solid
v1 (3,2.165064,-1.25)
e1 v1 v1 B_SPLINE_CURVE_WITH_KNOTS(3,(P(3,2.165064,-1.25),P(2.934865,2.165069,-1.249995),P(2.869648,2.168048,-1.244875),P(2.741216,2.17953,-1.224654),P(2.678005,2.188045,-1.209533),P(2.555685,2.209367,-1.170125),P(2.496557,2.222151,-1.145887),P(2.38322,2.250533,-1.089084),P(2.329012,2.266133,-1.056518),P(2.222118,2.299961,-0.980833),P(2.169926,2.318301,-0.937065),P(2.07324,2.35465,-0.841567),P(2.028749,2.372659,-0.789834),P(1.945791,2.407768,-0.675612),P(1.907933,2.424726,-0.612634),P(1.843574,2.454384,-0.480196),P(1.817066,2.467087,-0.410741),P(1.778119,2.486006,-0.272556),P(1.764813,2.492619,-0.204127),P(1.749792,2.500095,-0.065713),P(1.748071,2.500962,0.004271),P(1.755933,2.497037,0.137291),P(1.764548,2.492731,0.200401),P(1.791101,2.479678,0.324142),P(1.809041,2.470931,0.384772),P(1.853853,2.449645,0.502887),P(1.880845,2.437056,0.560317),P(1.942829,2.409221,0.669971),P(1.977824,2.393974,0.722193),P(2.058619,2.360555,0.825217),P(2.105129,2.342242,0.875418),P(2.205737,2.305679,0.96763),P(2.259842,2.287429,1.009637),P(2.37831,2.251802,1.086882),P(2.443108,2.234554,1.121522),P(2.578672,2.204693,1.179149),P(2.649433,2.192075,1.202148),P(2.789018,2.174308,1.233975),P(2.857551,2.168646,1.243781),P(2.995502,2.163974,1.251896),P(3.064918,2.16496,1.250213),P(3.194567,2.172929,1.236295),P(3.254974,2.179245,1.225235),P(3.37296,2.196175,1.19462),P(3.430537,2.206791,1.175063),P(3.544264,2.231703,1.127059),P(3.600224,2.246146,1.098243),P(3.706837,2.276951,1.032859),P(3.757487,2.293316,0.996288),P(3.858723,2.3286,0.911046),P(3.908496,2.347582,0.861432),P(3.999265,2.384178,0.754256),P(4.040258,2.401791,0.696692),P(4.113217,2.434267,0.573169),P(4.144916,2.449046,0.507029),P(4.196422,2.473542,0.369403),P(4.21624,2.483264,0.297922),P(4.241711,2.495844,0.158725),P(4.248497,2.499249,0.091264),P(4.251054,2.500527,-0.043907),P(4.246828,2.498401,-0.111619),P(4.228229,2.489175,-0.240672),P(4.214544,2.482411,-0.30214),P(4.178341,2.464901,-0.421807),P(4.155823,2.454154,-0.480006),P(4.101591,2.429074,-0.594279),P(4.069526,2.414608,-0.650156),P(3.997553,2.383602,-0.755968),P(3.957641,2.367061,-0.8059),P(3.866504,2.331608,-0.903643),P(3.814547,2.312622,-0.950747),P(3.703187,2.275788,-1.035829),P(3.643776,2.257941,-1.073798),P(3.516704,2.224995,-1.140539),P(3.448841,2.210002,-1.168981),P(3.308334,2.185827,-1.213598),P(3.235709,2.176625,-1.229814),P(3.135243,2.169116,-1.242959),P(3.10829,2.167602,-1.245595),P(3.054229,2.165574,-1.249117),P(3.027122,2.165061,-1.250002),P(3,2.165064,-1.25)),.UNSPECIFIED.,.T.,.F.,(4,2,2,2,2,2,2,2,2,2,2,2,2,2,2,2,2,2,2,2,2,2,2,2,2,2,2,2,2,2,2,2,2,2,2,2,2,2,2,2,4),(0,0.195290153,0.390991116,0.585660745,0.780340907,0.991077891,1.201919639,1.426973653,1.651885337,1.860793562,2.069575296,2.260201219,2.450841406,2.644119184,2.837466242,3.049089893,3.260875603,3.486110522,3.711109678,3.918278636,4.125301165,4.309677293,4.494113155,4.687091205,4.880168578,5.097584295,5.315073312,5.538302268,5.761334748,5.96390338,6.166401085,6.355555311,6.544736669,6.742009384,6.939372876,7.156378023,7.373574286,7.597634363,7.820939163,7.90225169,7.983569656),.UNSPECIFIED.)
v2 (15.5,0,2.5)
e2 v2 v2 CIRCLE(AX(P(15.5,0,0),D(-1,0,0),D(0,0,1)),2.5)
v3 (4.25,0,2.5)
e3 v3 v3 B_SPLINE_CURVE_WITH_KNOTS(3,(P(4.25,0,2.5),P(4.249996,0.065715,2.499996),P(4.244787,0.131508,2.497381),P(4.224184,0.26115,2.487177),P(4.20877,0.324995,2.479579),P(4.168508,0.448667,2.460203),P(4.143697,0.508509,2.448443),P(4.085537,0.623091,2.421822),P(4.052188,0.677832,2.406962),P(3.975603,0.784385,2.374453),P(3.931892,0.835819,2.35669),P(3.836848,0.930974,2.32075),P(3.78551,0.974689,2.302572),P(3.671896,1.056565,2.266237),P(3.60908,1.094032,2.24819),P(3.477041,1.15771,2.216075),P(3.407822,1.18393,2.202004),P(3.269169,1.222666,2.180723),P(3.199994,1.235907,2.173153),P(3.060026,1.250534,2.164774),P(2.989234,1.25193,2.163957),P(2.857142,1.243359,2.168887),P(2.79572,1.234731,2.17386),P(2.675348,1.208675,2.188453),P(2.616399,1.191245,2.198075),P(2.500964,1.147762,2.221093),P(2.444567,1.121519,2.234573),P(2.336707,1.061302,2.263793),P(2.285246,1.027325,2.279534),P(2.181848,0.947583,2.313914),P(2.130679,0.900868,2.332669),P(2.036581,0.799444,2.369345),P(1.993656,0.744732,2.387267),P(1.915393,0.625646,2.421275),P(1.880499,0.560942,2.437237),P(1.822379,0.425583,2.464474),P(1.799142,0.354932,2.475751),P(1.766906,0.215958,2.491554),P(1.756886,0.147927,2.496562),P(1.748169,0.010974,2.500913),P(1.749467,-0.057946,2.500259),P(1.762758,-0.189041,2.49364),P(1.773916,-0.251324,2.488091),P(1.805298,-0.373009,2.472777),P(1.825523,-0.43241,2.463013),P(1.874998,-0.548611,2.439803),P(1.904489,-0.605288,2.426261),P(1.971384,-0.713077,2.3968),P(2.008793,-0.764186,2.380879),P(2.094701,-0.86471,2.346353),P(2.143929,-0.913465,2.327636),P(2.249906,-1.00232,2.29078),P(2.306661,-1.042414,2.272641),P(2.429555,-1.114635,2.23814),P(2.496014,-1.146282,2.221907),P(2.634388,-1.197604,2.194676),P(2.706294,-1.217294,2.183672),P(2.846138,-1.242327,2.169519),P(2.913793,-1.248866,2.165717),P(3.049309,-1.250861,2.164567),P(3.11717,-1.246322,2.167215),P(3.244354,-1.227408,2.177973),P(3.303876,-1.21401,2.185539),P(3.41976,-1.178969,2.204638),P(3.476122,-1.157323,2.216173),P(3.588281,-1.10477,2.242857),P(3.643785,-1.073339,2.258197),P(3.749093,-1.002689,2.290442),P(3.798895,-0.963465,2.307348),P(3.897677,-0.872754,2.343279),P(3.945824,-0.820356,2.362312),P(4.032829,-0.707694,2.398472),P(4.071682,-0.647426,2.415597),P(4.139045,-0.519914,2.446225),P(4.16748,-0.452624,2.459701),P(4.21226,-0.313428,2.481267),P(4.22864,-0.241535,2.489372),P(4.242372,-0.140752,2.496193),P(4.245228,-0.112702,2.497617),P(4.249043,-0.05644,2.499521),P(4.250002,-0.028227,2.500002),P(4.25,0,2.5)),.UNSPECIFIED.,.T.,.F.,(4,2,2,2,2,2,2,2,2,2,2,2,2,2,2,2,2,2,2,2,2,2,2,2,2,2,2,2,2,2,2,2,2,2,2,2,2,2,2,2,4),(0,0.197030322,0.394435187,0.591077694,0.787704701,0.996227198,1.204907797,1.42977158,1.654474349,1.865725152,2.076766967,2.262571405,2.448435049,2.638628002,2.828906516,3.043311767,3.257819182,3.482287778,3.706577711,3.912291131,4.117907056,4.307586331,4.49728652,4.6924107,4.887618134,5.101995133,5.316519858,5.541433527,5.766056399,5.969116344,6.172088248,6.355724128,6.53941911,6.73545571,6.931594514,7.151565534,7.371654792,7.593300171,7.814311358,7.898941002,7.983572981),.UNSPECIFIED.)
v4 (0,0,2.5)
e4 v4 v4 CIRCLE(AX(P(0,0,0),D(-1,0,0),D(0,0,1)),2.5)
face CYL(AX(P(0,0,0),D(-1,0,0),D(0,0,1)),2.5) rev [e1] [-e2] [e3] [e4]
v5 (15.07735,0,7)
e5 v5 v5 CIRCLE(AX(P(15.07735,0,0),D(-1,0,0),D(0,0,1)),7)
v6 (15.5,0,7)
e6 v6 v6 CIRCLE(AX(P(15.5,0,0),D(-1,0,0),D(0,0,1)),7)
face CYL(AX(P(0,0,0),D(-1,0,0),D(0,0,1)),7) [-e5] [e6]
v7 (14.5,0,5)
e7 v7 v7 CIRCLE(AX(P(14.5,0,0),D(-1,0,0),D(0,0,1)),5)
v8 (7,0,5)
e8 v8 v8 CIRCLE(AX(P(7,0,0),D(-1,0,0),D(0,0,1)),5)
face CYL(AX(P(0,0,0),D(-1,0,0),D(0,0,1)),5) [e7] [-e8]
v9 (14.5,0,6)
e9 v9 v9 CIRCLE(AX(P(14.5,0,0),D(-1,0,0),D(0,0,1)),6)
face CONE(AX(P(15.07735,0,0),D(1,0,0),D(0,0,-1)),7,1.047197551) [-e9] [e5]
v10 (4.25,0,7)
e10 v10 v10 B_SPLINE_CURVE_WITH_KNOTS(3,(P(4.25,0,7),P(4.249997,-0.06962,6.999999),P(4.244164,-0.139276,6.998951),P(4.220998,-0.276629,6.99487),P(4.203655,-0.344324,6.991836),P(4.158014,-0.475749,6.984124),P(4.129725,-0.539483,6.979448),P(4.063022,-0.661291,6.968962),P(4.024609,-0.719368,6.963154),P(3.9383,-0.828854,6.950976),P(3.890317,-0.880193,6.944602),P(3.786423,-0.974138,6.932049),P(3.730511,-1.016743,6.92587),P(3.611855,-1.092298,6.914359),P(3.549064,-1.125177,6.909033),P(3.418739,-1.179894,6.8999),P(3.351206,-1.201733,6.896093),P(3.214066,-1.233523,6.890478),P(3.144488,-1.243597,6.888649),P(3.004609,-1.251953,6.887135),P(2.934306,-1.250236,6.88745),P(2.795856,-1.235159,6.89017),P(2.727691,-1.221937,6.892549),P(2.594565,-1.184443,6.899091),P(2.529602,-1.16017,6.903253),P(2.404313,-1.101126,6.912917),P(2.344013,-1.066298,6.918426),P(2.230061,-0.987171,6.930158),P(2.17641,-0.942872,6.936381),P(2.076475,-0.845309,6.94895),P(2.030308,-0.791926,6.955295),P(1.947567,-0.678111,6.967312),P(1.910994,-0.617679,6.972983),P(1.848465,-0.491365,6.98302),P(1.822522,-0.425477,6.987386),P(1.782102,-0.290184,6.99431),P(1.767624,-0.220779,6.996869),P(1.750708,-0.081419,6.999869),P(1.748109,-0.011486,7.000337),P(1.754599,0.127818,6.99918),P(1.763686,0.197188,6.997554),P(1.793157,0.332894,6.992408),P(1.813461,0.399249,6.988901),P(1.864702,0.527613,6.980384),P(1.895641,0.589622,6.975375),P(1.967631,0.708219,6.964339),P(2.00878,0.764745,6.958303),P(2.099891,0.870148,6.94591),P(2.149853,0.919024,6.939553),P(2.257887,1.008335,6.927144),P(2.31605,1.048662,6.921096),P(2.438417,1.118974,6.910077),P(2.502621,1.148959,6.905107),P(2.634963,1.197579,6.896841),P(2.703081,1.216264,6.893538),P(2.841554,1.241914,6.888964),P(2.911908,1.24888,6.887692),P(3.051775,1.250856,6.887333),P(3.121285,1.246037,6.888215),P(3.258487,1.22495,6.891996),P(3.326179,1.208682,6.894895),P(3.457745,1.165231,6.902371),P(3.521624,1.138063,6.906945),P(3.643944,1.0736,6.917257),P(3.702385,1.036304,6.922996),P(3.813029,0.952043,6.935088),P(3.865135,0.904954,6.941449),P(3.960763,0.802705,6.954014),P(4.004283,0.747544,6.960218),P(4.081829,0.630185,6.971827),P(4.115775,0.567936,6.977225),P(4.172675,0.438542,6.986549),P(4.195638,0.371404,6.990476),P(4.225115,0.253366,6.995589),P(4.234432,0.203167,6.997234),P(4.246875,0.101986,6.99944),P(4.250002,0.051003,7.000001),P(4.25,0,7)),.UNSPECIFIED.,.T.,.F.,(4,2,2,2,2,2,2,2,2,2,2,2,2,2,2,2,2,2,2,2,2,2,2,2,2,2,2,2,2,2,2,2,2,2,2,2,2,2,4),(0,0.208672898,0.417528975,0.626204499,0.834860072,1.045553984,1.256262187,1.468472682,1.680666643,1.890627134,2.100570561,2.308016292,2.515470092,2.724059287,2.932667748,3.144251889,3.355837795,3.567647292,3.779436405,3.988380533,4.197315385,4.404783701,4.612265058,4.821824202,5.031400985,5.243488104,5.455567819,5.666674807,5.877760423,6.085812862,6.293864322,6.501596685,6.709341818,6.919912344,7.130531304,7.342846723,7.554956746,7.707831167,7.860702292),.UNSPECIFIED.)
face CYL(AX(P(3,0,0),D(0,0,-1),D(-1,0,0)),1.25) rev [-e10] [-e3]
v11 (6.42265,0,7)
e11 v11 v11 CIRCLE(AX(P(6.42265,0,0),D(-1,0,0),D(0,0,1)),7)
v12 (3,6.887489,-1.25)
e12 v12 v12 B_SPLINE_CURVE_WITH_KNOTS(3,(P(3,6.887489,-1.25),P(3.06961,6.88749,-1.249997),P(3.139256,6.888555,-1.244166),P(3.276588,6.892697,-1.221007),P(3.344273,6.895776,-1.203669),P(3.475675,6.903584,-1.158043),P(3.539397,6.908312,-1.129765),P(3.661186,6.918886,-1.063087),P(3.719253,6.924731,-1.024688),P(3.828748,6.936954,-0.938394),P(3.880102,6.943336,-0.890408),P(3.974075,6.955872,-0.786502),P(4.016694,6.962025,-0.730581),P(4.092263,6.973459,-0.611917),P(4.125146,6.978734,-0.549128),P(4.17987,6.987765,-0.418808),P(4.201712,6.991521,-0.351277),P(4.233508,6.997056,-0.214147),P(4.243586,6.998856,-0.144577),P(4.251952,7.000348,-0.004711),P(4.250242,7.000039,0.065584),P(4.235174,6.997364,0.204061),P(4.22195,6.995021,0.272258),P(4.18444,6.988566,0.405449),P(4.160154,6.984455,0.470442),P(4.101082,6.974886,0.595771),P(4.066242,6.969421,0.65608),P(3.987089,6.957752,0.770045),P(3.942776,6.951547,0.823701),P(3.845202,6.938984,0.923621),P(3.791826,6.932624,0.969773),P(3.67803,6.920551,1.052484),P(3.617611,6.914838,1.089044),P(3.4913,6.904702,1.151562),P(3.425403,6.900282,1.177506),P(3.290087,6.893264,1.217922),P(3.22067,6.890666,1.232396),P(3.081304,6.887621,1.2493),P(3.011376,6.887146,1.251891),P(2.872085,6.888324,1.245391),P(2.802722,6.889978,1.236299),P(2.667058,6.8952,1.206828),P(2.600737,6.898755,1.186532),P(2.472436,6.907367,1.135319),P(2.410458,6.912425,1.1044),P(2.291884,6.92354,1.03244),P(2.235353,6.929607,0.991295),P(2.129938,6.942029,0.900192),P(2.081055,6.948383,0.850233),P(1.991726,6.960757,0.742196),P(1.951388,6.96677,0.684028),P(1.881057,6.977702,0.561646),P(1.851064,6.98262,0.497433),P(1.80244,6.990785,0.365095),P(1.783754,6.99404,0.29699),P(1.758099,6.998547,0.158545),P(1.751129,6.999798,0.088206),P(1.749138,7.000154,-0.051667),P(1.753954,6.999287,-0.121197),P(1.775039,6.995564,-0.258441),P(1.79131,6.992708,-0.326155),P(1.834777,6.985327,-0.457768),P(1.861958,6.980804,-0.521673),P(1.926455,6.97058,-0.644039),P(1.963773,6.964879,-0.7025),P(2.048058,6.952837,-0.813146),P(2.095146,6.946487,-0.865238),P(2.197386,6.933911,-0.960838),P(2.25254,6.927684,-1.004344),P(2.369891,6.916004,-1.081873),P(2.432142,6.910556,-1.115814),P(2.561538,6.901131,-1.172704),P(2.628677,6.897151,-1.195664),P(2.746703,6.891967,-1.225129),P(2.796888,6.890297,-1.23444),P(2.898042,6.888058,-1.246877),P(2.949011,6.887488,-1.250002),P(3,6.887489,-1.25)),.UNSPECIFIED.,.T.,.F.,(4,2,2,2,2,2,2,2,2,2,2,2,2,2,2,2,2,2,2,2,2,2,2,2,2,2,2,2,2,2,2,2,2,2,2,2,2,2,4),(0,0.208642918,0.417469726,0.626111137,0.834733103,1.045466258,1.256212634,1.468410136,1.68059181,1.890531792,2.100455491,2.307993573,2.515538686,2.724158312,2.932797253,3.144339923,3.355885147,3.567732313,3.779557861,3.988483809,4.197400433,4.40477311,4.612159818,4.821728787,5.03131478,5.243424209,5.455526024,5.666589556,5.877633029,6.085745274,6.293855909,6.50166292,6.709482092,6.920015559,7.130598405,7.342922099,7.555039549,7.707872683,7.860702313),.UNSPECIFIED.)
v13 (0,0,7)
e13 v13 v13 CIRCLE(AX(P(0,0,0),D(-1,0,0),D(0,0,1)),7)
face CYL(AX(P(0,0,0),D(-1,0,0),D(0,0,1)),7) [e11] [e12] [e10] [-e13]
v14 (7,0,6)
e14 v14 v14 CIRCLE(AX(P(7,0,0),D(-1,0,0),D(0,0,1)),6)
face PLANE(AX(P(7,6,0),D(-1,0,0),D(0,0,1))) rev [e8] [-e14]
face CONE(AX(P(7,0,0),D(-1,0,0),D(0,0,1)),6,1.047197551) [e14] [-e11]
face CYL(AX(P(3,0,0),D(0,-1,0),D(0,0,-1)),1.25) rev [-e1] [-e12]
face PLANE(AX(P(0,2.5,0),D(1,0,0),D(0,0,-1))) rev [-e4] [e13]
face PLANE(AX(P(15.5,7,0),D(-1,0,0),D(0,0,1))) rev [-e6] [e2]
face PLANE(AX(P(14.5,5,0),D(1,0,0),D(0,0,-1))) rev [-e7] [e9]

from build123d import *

# Parameters (mm, degrees)
ESQUISSE2_W = 1.25
ESQUISSE2_H = 7
ESQUISSE5_W = 1.25
ESQUISSE5_H = 7


with BuildPart() as part:
    # Esquisse1 → Révolution1 (revolve)
    with BuildSketch(Plane.XY, mode=Mode.PRIVATE) as r_volution1_sk:
        Polygon((0, 2.5), (0, 7), (6.422649731, 7), (7, 6), (7, 5), (14.5, 5), (14.5, 6), (15.077350269, 7), (15.5, 7), (15.5, 2.5), align=None)
    revolve(r_volution1_sk.sketch.rotate(Axis((0, 0, 0), (1, 0, 0)), 90), axis=Axis((0, 0, 0), (1, 0, 0)))

    # Esquisse2 → Trou taraudé M31 (revolve, cut)
    with BuildSketch(Plane.YZ.offset(3)):
        with Locations((0.625, 3.5)):
            Rectangle(ESQUISSE2_W, ESQUISSE2_H)
    revolve(axis=Axis((3, 0, -6.35), (0, 0, 1)), mode=Mode.SUBTRACT)

    # Esquisse5 → Trou taraudé M32 (revolve, cut)
    with BuildSketch(Plane(origin=(3, 0, 0), x_dir=(0, 0, -1), z_dir=(1, 0, 0))):
        with Locations((0.625, 3.5)):
            Rectangle(ESQUISSE5_W, ESQUISSE5_H)
    revolve(axis=Axis((3, -6.35, 0), (0, 1, 0)), mode=Mode.SUBTRACT)


solid = part.part
